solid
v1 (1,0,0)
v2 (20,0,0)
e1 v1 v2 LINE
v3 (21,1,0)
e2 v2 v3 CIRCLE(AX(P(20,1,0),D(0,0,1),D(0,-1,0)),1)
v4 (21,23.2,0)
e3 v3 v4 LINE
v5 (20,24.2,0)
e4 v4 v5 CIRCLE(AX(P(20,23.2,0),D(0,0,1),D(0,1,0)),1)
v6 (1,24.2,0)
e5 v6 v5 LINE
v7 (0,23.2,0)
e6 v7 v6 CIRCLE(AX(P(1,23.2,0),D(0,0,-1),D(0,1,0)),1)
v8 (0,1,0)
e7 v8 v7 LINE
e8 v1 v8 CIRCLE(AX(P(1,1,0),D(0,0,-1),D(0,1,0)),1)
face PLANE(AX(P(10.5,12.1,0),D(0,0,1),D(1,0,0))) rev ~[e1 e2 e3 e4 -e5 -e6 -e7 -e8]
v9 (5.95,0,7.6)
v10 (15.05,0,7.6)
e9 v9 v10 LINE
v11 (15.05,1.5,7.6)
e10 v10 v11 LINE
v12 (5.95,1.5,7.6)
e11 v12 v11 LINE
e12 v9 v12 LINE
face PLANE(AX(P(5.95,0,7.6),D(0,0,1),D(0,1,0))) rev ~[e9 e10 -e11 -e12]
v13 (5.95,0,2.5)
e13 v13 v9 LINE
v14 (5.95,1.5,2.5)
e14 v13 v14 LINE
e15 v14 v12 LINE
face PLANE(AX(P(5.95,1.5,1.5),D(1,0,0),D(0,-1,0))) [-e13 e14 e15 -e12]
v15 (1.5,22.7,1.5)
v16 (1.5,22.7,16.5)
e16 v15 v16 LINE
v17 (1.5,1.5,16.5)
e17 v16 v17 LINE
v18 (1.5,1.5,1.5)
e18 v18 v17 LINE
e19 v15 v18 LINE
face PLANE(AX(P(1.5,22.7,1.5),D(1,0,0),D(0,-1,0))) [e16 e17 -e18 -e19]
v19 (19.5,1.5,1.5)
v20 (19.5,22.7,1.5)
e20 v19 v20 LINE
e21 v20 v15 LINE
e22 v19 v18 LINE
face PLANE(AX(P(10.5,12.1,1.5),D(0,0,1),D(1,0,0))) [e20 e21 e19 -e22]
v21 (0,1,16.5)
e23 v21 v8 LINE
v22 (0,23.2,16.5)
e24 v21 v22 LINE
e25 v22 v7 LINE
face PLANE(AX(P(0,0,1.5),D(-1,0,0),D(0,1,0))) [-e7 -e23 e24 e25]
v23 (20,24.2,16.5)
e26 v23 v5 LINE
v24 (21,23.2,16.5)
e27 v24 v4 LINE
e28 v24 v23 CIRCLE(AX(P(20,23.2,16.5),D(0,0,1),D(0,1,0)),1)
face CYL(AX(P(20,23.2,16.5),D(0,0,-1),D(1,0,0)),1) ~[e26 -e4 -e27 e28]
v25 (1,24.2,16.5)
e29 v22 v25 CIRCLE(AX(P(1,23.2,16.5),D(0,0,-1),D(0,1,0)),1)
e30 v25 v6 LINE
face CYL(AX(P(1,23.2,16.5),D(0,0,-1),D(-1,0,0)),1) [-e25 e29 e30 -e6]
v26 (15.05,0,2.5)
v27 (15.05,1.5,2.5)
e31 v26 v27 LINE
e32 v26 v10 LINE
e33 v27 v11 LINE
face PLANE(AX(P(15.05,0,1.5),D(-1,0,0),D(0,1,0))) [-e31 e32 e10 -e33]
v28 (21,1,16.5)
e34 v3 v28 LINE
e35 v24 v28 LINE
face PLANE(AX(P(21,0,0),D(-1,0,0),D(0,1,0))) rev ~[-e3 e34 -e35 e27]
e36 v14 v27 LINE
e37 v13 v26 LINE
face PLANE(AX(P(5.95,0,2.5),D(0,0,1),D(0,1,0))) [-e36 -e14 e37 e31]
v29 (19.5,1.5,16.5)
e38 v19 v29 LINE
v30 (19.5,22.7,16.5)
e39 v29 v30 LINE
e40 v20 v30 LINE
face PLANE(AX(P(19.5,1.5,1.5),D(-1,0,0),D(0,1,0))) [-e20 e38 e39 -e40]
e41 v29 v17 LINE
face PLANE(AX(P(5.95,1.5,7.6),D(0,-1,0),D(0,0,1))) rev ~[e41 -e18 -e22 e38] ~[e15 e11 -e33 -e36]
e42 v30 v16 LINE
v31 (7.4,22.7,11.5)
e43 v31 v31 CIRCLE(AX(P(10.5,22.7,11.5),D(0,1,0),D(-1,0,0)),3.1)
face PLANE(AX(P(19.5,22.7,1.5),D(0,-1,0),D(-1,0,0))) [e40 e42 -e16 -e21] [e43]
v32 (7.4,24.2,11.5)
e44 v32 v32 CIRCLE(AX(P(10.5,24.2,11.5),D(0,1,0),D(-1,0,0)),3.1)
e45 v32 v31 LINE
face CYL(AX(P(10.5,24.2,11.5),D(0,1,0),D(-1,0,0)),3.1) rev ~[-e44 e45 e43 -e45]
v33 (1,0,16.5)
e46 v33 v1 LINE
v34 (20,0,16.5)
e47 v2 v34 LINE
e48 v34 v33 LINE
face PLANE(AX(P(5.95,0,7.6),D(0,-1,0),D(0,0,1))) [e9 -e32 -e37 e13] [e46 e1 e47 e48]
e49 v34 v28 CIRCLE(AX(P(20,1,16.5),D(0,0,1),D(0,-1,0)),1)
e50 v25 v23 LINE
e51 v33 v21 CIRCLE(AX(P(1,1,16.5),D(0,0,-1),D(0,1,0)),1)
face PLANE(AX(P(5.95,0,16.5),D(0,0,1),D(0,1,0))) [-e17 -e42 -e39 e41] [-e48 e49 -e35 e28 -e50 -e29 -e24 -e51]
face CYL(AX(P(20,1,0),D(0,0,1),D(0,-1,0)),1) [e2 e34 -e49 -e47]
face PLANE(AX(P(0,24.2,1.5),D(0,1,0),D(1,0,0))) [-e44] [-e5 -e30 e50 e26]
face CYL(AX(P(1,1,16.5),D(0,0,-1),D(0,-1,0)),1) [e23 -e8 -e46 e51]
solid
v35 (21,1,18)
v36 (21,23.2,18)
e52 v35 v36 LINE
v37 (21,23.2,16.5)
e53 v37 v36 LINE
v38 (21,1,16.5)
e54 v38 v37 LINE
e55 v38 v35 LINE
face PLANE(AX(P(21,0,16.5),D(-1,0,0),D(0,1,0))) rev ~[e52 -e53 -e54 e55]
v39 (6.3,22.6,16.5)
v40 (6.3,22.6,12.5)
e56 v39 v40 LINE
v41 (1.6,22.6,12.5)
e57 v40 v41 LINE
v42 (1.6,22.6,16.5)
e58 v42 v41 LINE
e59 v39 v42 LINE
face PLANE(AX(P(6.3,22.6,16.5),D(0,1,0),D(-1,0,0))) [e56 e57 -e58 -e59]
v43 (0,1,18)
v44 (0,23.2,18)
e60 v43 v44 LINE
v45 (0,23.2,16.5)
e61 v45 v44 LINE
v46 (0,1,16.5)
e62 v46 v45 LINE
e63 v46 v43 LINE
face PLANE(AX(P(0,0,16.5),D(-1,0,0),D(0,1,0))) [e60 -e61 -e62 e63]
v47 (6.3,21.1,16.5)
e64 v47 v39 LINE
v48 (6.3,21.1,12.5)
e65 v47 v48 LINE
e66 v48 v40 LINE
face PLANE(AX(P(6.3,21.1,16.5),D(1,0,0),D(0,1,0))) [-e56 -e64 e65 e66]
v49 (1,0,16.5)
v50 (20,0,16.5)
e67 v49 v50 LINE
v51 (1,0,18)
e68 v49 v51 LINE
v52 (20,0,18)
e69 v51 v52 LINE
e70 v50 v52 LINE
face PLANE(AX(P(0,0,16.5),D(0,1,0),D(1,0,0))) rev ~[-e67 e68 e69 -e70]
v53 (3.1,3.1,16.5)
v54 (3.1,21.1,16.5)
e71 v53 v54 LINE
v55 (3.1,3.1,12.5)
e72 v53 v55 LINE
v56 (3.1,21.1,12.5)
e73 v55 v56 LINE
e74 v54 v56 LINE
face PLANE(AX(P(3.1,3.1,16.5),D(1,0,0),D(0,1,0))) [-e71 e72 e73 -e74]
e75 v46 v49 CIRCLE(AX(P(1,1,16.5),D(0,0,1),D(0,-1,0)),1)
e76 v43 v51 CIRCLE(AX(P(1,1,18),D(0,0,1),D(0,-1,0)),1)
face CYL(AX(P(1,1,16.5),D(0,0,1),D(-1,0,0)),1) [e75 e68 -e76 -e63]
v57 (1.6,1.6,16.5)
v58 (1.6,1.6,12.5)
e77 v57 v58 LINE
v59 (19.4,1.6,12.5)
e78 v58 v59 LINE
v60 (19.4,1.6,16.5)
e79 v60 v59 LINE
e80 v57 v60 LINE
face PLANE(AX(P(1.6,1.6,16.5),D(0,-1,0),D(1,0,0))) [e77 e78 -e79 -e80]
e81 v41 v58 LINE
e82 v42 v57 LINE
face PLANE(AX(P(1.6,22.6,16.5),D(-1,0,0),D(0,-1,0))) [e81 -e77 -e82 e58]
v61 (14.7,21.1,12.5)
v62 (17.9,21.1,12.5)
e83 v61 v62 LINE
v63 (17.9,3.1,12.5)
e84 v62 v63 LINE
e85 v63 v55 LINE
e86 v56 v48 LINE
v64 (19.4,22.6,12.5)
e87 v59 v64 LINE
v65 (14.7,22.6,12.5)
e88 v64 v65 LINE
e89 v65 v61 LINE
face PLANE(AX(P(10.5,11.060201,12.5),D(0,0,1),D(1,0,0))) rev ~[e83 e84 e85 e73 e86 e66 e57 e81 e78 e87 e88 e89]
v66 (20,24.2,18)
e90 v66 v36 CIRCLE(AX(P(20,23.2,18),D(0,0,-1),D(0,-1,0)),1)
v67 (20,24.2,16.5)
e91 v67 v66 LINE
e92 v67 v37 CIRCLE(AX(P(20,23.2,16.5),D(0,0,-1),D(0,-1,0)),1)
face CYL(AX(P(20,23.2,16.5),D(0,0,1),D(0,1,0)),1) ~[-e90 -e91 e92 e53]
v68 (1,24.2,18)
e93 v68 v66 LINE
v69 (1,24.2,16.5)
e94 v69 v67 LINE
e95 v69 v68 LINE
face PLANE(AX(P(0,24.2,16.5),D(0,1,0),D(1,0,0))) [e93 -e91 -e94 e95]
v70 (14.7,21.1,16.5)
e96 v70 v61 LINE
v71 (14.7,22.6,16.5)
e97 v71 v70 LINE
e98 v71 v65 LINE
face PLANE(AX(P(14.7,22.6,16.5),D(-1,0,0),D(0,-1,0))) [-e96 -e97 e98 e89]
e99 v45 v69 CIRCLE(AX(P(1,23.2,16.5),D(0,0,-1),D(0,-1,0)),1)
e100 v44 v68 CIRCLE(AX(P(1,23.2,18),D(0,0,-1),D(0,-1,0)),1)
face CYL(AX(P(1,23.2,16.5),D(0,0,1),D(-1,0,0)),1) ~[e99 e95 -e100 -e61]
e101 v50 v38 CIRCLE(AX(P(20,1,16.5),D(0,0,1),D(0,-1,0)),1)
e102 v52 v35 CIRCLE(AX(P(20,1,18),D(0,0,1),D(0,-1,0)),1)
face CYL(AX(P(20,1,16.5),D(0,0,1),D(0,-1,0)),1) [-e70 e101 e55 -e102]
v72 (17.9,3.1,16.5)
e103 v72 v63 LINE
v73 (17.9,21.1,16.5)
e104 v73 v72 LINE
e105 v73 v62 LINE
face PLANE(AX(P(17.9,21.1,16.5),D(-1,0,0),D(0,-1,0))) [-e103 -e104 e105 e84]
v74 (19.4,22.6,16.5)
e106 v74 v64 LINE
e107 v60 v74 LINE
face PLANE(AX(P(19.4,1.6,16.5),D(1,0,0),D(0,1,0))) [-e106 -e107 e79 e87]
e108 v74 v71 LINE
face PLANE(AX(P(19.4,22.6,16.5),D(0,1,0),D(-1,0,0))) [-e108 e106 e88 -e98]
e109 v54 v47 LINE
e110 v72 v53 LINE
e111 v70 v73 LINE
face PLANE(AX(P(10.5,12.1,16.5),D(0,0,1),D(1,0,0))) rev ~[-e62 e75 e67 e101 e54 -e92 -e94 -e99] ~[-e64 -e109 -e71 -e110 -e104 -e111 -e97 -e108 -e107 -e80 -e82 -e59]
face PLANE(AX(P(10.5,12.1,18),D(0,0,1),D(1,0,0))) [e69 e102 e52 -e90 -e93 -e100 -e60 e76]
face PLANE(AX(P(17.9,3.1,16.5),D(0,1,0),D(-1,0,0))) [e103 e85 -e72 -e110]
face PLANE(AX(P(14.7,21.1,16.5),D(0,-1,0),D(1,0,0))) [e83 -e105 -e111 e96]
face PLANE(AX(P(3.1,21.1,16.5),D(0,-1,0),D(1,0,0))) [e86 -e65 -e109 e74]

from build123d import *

# Parameters (mm, degrees)
SKETCH_W      = 21
SKETCH_H      = 24.2
PAD_DEPTH     = 1.5
PAD001_DEPTH  = 15
SKETCH002_W   = 1.5
SKETCH002_H   = 8.9
SKETCH002_H_2 = 1
PAD002_DEPTH  = 9.1
SKETCH006_R   = 3.1
POCKET_DEPTH  = 1.5
FILLET_R      = 1
PAD003_DEPTH  = 4
SKETCH005_W   = 21
SKETCH005_H   = 24.2
PAD004_DEPTH  = 1.5
FILLET001_R   = 1


with BuildPart() as case_bottom:
    # Sketch → Pad (new body)
    with BuildSketch(Plane.XY):
        with Locations((10.5, 12.1)):
            Rectangle(SKETCH_W, SKETCH_H)
    extrude(amount=PAD_DEPTH)

    # Sketch001 (on Face6 of Pad) → Pad001 (join)
    with BuildSketch(Plane.XY.offset(1.5)):
        Polygon((5.95, 0), (0, 0), (0, 24.2), (21, 24.2), (21, 0), (15.05, 0), (15.05, 1.5), (19.5, 1.5), (19.5, 22.7), (1.5, 22.7), (1.5, 1.5), (5.95, 1.5), align=None)
    extrude(amount=PAD001_DEPTH)

    # Sketch002 (on Face4 of Pad001) → Pad002 (join)
    with BuildSketch(Plane.YZ.offset(5.95)):
        with Locations((0.75, 12.05)):
            Rectangle(SKETCH002_W, SKETCH002_H)
        with Locations((0.75, 2)):
            Rectangle(SKETCH002_W, SKETCH002_H_2)
    extrude(amount=PAD002_DEPTH)

    # Sketch006 (on Face3 of Pad002) → Pocket (cut)
    with BuildSketch(Plane(origin=(0, 24.2, 0), x_dir=(-1, 0, 0), z_dir=(0, 1, 0))):
        with Locations((-10.5, 11.5)):
            Circle(SKETCH006_R)
    extrude(amount=-POCKET_DEPTH, mode=Mode.SUBTRACT)

    # Fillet
    fillet_edges = [case_bottom.edges().sort_by_distance(p)[0] for p in [
        (21, 24.2, 8.25),
        (0, 24.2, 8.25),
        (0, 0, 8.25),
        (21, 0, 8.25),
    ]]
    fillet(fillet_edges, radius=FILLET_R)


with BuildPart() as cover:
    # Sketch004 → Pad003 (new body)
    with BuildSketch(Plane.XY.offset(16.5)):
        Polygon((6.3, 22.6), (1.6, 22.6), (1.6, 1.6), (19.4, 1.6), (19.4, 22.6), (14.7, 22.6), (14.7, 21.1), (17.9, 21.1), (17.9, 3.1), (3.1, 3.1), (3.1, 21.1), (6.3, 21.1), align=None)
    extrude(amount=-PAD003_DEPTH)

    # Sketch005 (on Face13 of Pad003) → Pad004 (join)
    with BuildSketch(Plane.XY.offset(16.5)):
        with Locations((10.5, 12.1)):
            Rectangle(SKETCH005_W, SKETCH005_H)
    extrude(amount=PAD004_DEPTH)

    # Fillet001
    fillet001_edges = [cover.edges().sort_by_distance(p)[0] for p in [
        (0, 0, 17.25),
        (21, 0, 17.25),
        (0, 24.2, 17.25),
        (21, 24.2, 17.25),
    ]]
    fillet(fillet001_edges, radius=FILLET001_R)


solid = Compound([case_bottom.part, cover.part])
